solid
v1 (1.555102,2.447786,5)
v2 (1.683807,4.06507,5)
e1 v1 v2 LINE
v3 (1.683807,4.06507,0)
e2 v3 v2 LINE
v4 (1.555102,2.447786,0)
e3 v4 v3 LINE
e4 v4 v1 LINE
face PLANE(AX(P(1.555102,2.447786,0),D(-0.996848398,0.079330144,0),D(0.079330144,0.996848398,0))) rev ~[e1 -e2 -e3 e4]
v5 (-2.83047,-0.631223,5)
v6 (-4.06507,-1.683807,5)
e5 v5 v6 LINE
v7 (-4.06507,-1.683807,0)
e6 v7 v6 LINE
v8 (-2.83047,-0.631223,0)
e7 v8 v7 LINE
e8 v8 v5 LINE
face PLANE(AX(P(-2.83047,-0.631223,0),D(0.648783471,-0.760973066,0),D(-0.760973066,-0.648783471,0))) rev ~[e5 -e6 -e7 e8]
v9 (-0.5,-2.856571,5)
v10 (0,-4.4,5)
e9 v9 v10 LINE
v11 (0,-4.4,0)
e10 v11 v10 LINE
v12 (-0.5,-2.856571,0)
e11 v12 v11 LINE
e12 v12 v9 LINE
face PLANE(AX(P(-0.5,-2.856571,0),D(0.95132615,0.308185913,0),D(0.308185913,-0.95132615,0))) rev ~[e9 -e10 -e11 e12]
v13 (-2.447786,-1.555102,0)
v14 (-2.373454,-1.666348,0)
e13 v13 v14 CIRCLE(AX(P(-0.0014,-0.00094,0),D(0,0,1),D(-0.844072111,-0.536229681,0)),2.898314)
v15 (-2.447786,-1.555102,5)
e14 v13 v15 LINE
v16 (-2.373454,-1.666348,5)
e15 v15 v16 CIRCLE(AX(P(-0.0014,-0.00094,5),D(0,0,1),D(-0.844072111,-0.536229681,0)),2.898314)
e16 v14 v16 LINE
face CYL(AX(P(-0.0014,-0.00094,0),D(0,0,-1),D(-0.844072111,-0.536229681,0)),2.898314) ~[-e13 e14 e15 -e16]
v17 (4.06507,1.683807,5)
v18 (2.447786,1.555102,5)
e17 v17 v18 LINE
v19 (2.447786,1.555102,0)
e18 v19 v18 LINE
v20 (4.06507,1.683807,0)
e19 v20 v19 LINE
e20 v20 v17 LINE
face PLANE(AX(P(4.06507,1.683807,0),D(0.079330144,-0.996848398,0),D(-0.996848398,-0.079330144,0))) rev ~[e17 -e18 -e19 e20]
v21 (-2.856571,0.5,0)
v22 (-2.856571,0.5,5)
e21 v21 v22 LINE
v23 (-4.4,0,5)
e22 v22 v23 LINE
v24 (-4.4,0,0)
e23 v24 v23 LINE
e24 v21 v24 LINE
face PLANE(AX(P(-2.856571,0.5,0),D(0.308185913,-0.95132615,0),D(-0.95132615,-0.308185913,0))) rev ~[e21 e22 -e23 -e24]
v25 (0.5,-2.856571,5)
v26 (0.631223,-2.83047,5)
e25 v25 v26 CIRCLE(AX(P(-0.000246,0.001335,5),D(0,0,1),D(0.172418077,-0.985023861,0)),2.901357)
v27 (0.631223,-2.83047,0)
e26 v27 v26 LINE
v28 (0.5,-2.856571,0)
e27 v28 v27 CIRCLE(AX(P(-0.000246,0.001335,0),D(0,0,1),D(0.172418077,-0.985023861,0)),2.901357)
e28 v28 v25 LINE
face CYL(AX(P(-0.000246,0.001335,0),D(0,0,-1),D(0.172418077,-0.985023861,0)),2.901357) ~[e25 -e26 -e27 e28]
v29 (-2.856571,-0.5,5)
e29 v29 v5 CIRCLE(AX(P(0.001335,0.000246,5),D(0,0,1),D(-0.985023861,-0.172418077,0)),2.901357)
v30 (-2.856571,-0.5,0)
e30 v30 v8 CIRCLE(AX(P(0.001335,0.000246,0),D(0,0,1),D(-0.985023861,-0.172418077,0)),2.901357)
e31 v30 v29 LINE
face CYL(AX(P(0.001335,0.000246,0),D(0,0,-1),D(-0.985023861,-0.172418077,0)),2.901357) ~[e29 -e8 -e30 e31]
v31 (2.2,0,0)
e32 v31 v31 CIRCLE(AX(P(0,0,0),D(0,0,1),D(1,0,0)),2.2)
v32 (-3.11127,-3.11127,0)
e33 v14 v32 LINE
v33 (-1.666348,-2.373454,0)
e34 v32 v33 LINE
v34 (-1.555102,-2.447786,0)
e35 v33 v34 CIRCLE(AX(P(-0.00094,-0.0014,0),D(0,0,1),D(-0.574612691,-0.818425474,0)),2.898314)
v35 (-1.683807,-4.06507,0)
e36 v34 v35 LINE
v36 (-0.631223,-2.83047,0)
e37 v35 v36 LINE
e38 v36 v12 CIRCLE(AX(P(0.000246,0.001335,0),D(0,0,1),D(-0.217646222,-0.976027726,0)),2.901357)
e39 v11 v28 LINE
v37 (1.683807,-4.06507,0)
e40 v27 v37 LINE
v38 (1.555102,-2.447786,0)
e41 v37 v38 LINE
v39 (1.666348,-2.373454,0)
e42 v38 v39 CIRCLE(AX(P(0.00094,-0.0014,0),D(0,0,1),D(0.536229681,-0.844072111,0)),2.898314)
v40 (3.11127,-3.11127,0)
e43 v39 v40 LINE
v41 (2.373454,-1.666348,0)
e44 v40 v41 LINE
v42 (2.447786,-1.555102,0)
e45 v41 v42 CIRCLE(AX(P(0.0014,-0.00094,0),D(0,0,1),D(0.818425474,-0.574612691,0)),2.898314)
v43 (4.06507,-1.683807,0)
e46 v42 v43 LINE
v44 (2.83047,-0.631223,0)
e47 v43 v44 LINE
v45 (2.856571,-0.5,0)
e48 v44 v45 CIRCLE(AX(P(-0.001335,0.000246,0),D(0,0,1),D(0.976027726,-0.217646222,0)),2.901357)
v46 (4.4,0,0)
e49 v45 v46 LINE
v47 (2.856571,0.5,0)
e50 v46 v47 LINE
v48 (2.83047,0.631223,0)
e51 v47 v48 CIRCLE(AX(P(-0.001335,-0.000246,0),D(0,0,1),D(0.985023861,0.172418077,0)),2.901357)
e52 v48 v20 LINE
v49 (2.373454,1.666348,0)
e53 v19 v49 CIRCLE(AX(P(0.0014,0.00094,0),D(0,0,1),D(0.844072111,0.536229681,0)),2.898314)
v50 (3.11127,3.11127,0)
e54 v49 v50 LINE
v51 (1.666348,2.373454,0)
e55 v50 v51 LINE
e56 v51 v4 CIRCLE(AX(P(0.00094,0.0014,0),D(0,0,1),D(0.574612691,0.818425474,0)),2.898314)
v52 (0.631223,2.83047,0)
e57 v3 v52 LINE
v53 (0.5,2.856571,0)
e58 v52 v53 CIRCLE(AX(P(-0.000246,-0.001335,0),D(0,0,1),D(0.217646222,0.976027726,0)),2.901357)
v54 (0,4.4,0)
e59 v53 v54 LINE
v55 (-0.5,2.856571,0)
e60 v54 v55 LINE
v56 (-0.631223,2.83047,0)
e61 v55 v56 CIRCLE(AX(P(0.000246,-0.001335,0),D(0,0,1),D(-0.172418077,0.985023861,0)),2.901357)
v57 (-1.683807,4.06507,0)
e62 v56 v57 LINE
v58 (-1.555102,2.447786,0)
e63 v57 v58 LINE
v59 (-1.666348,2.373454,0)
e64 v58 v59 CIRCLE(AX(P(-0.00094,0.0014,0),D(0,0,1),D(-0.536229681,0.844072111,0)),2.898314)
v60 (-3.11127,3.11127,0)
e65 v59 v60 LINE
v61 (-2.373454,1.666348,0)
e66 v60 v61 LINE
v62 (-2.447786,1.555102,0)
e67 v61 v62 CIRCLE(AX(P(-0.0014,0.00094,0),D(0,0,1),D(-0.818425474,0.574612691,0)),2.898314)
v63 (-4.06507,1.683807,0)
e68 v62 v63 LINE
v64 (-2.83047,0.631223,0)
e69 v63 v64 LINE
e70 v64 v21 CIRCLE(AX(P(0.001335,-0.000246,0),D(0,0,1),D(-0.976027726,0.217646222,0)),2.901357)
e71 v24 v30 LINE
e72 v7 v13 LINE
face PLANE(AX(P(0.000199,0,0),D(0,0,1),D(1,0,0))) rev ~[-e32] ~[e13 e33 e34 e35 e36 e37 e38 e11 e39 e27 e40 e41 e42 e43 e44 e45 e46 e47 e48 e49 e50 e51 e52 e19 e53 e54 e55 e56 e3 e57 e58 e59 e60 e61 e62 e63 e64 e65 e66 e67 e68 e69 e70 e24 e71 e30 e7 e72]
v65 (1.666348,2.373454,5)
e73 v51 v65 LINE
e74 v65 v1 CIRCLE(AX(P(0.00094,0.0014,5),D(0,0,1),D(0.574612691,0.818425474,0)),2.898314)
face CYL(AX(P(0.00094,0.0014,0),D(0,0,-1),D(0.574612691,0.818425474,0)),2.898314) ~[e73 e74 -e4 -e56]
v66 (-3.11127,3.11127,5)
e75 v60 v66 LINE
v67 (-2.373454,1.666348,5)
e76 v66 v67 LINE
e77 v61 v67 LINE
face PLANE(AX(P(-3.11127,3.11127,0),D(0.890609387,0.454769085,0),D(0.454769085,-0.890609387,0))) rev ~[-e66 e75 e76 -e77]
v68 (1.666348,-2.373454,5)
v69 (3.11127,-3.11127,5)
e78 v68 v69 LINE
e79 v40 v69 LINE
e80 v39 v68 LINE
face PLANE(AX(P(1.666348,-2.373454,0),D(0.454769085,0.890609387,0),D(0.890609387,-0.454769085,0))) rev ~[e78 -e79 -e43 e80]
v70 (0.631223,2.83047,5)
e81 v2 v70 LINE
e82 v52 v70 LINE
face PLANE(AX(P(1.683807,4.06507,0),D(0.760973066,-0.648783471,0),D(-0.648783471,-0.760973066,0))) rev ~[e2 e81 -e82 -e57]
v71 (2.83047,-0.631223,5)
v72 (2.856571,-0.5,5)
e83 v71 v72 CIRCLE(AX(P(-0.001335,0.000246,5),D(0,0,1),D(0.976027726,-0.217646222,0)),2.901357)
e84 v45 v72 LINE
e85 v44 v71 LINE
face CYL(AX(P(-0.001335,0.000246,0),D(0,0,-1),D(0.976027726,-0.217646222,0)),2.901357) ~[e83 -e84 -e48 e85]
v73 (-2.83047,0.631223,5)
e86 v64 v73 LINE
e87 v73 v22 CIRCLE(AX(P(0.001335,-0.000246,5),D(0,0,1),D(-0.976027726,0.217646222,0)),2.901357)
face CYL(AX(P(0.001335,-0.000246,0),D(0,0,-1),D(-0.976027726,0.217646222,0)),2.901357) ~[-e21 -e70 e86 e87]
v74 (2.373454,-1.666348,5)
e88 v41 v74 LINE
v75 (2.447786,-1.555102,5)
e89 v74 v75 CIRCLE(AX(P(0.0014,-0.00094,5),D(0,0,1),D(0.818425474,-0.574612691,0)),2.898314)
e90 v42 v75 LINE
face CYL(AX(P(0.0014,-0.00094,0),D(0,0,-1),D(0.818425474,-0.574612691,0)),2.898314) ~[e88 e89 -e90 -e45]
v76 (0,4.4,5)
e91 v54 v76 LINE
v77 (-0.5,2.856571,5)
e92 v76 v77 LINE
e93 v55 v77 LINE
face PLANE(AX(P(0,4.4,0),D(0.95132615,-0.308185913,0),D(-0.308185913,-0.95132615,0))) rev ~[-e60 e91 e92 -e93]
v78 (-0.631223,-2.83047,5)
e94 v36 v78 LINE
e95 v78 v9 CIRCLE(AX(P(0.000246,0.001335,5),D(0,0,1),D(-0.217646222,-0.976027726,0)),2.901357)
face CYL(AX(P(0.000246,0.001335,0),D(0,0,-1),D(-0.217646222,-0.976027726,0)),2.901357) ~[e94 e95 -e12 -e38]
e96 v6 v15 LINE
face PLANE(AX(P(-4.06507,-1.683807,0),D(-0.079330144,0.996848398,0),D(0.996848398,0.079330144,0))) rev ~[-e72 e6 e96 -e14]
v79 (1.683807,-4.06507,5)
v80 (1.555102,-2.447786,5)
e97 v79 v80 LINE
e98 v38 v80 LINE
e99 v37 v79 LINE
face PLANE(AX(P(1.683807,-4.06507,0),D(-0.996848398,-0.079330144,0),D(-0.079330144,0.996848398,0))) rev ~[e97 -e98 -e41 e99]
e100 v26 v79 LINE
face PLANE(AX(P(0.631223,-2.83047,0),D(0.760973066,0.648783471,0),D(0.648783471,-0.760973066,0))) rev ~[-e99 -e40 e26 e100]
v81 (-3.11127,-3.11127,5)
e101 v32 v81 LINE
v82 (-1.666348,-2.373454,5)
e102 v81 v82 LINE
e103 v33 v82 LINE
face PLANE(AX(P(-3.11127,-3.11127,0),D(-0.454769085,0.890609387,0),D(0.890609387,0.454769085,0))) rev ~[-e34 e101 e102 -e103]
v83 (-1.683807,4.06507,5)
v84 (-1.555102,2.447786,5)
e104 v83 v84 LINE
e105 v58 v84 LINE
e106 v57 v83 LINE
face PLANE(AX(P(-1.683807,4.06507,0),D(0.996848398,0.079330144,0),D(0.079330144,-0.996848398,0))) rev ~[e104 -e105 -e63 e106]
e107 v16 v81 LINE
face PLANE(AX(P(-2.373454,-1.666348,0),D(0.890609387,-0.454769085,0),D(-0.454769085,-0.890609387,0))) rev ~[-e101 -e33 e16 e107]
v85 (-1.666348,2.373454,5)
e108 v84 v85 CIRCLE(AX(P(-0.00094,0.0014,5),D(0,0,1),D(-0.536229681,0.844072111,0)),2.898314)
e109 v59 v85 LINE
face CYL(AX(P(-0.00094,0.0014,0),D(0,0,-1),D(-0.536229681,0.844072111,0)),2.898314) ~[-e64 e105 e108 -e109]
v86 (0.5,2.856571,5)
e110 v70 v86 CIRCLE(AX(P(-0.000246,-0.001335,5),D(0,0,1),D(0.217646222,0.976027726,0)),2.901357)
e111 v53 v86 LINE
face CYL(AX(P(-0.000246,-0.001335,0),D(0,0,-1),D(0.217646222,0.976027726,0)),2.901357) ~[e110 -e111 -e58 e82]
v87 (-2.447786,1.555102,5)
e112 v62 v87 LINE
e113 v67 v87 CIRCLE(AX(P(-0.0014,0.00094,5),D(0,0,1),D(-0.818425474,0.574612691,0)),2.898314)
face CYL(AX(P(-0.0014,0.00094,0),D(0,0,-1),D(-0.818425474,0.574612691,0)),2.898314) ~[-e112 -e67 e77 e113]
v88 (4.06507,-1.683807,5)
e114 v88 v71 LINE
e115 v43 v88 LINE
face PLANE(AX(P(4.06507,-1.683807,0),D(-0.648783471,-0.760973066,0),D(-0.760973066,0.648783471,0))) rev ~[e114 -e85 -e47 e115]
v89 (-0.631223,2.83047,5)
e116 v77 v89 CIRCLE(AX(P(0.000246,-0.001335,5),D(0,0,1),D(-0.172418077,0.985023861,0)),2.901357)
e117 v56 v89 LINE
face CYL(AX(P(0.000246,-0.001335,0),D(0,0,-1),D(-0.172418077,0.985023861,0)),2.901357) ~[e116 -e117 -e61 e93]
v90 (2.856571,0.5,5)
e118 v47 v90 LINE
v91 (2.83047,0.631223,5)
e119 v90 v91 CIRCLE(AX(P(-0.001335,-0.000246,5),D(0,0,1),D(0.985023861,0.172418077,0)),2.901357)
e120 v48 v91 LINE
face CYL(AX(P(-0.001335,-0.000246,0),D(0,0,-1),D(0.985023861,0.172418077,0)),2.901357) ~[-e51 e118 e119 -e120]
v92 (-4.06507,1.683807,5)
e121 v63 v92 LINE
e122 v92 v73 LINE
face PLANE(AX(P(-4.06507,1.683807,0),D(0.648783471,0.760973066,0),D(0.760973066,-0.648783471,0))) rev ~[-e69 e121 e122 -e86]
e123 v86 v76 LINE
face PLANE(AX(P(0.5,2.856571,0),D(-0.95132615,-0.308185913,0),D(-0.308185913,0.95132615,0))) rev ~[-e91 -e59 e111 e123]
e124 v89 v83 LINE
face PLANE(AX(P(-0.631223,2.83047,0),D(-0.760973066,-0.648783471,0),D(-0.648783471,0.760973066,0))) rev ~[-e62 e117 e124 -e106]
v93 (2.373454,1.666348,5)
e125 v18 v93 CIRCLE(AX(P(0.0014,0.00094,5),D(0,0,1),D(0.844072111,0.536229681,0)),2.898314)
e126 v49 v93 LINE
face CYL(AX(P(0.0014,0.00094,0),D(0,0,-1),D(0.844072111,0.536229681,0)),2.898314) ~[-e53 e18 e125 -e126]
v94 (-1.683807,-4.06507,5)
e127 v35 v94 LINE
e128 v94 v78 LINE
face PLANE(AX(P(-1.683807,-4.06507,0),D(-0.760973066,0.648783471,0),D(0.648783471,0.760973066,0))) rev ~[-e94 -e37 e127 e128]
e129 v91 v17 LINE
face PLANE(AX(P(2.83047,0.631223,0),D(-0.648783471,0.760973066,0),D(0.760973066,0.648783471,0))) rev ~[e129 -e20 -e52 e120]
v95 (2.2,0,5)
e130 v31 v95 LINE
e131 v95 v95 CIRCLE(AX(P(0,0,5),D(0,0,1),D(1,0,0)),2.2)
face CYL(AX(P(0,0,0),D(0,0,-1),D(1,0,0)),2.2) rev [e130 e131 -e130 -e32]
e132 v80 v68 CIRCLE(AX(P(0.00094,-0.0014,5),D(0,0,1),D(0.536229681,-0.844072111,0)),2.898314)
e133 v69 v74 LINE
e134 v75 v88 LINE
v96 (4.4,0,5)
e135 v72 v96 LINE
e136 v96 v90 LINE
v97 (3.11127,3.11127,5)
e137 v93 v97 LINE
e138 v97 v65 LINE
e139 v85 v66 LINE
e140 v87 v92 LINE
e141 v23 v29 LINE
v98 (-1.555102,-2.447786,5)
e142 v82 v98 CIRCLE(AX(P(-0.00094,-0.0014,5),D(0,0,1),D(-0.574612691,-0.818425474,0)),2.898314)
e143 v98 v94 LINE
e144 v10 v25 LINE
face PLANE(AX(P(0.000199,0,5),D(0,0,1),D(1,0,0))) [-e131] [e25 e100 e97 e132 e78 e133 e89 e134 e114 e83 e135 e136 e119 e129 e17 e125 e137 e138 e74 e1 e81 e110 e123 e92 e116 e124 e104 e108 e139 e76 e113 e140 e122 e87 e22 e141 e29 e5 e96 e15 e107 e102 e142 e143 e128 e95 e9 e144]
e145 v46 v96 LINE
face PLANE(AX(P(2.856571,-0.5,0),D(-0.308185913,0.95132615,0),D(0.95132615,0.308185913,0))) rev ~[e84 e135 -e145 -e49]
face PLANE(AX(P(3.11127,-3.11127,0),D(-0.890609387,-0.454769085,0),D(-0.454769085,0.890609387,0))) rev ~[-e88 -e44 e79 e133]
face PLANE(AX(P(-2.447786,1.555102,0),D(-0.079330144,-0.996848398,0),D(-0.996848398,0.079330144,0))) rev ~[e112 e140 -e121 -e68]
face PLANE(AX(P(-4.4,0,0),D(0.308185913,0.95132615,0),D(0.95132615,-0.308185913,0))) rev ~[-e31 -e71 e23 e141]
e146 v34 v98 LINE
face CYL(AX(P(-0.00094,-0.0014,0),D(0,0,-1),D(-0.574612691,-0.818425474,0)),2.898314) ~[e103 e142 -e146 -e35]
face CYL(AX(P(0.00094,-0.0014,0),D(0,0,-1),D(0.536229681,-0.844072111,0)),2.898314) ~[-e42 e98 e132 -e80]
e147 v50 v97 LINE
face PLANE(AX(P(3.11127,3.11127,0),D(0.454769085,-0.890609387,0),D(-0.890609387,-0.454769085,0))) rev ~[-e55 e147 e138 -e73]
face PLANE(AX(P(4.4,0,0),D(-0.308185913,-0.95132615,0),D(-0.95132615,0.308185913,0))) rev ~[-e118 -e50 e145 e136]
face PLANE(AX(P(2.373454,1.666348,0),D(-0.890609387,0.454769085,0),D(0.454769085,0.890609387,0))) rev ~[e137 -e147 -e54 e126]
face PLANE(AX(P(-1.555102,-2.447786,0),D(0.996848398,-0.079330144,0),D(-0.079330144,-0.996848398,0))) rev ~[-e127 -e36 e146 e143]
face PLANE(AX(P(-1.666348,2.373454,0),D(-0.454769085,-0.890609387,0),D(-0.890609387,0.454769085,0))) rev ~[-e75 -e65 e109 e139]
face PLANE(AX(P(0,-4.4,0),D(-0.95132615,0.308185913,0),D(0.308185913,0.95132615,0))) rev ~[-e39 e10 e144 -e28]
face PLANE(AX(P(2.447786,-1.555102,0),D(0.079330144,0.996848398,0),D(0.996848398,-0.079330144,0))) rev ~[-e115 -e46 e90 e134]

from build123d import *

# Parameters (mm, degrees)
F0_R     = 2.2
F1_DEPTH = 5


with BuildPart() as f1:
    # F0 (on Top) → F1 (new body)
    with BuildSketch(Plane.XY):
        with BuildLine():
            ThreePointArc((2.856571, -0.5), (2.889122, -0.250941), (2.9, 0))
            ThreePointArc((2.9, 0), (2.889122, 0.250941), (2.856571, 0.5))
            ThreePointArc((2.856571, 0.5), (2.844277, 0.565762), (2.83047, 0.631223))
            ThreePointArc((2.83047, 0.631223), (2.679251, 1.109782), (2.447786, 1.555102))
            ThreePointArc((2.447786, 1.555102), (2.411262, 1.611154), (2.373454, 1.666348))
            ThreePointArc((2.373454, 1.666348), (2.05061, 2.05061), (1.666348, 2.373454))
            ThreePointArc((1.666348, 2.373454), (1.611154, 2.411262), (1.555102, 2.447786))
            ThreePointArc((1.555102, 2.447786), (1.109782, 2.679251), (0.631223, 2.83047))
            ThreePointArc((0.631223, 2.83047), (0.565762, 2.844277), (0.5, 2.856571))
            ThreePointArc((0.5, 2.856571), (0, 2.9), (-0.5, 2.856571))
            ThreePointArc((-0.5, 2.856571), (-0.565762, 2.844277), (-0.631223, 2.83047))
            ThreePointArc((-0.631223, 2.83047), (-1.109782, 2.679251), (-1.555102, 2.447786))
            ThreePointArc((-1.555102, 2.447786), (-1.611154, 2.411262), (-1.666348, 2.373454))
            ThreePointArc((-1.666348, 2.373454), (-2.05061, 2.05061), (-2.373454, 1.666348))
            ThreePointArc((-2.373454, 1.666348), (-2.411262, 1.611154), (-2.447786, 1.555102))
            ThreePointArc((-2.447786, 1.555102), (-2.679251, 1.109782), (-2.83047, 0.631223))
            ThreePointArc((-2.83047, 0.631223), (-2.844277, 0.565762), (-2.856571, 0.5))
            ThreePointArc((-2.856571, 0.5), (-2.9, 0), (-2.856571, -0.5))
            ThreePointArc((-2.856571, -0.5), (-2.844277, -0.565762), (-2.83047, -0.631223))
            ThreePointArc((-2.83047, -0.631223), (-2.679251, -1.109782), (-2.447786, -1.555102))
            ThreePointArc((-2.447786, -1.555102), (-2.411262, -1.611154), (-2.373454, -1.666348))
            ThreePointArc((-2.373454, -1.666348), (-2.05061, -2.05061), (-1.666348, -2.373454))
            ThreePointArc((-1.666348, -2.373454), (-1.611154, -2.411262), (-1.555102, -2.447786))
            ThreePointArc((-1.555102, -2.447786), (-1.109782, -2.679251), (-0.631223, -2.83047))
            ThreePointArc((-0.631223, -2.83047), (-0.565762, -2.844277), (-0.5, -2.856571))
            ThreePointArc((-0.5, -2.856571), (0, -2.9), (0.5, -2.856571))
            ThreePointArc((0.5, -2.856571), (0.565762, -2.844277), (0.631223, -2.83047))
            ThreePointArc((0.631223, -2.83047), (1.109782, -2.679251), (1.555102, -2.447786))
            ThreePointArc((1.555102, -2.447786), (1.611154, -2.411262), (1.666348, -2.373454))
            ThreePointArc((1.666348, -2.373454), (2.05061, -2.05061), (2.373454, -1.666348))
            ThreePointArc((2.373454, -1.666348), (2.411262, -1.611154), (2.447786, -1.555102))
            ThreePointArc((2.447786, -1.555102), (2.679251, -1.109782), (2.83047, -0.631223))
            ThreePointArc((2.83047, -0.631223), (2.844277, -0.565762), (2.856571, -0.5))
        make_face()
        Circle(F0_R, mode=Mode.SUBTRACT)
        with BuildLine():
            ThreePointArc((-0.5, 2.856571), (0, 2.9), (0.5, 2.856571))
            Line((0.5, 2.856571), (0, 4.4))
            Line((0, 4.4), (-0.5, 2.856571))
        make_face()
        with BuildLine():
            ThreePointArc((0.631223, 2.83047), (1.109782, 2.679251), (1.555102, 2.447786))
            Line((1.555102, 2.447786), (1.683807, 4.06507))
            Line((1.683807, 4.06507), (0.631223, 2.83047))
        make_face()
        with BuildLine():
            ThreePointArc((1.666348, 2.373454), (2.05061, 2.05061), (2.373454, 1.666348))
            Line((2.373454, 1.666348), (3.11127, 3.11127))
            Line((3.11127, 3.11127), (1.666348, 2.373454))
        make_face()
        with BuildLine():
            ThreePointArc((2.447786, 1.555102), (2.679251, 1.109782), (2.83047, 0.631223))
            Line((2.83047, 0.631223), (4.06507, 1.683807))
            Line((4.06507, 1.683807), (2.447786, 1.555102))
        make_face()
        with BuildLine():
            ThreePointArc((2.856571, 0.5), (2.889122, 0.250941), (2.9, 0))
            ThreePointArc((2.9, 0), (2.889122, -0.250941), (2.856571, -0.5))
            Line((2.856571, -0.5), (4.4, 0))
            Line((4.4, 0), (2.856571, 0.5))
        make_face()
        with BuildLine():
            Line((4.06507, -1.683807), (2.83047, -0.631223))
            ThreePointArc((2.83047, -0.631223), (2.679251, -1.109782), (2.447786, -1.555102))
            Line((2.447786, -1.555102), (4.06507, -1.683807))
        make_face()
        with BuildLine():
            Line((3.11127, -3.11127), (2.373454, -1.666348))
            ThreePointArc((2.373454, -1.666348), (2.05061, -2.05061), (1.666348, -2.373454))
            Line((1.666348, -2.373454), (3.11127, -3.11127))
        make_face()
        with BuildLine():
            Line((1.683807, -4.06507), (1.555102, -2.447786))
            ThreePointArc((1.555102, -2.447786), (1.109782, -2.679251), (0.631223, -2.83047))
            Line((0.631223, -2.83047), (1.683807, -4.06507))
        make_face()
        with BuildLine():
            Line((0, -4.4), (0.5, -2.856571))
            ThreePointArc((0.5, -2.856571), (0, -2.9), (-0.5, -2.856571))
            Line((-0.5, -2.856571), (0, -4.4))
        make_face()
        with BuildLine():
            Line((-1.683807, -4.06507), (-0.631223, -2.83047))
            ThreePointArc((-0.631223, -2.83047), (-1.109782, -2.679251), (-1.555102, -2.447786))
            Line((-1.555102, -2.447786), (-1.683807, -4.06507))
        make_face()
        with BuildLine():
            Line((-3.11127, -3.11127), (-1.666348, -2.373454))
            ThreePointArc((-1.666348, -2.373454), (-2.05061, -2.05061), (-2.373454, -1.666348))
            Line((-2.373454, -1.666348), (-3.11127, -3.11127))
        make_face()
        with BuildLine():
            Line((-4.06507, -1.683807), (-2.447786, -1.555102))
            ThreePointArc((-2.447786, -1.555102), (-2.679251, -1.109782), (-2.83047, -0.631223))
            Line((-2.83047, -0.631223), (-4.06507, -1.683807))
        make_face()
        with BuildLine():
            ThreePointArc((-2.83047, 0.631223), (-2.679251, 1.109782), (-2.447786, 1.555102))
            Line((-2.447786, 1.555102), (-4.06507, 1.683807))
            Line((-4.06507, 1.683807), (-2.83047, 0.631223))
        make_face()
        with BuildLine():
            ThreePointArc((-2.373454, 1.666348), (-2.05061, 2.05061), (-1.666348, 2.373454))
            Line((-1.666348, 2.373454), (-3.11127, 3.11127))
            Line((-3.11127, 3.11127), (-2.373454, 1.666348))
        make_face()
        with BuildLine():
            ThreePointArc((-2.856571, -0.5), (-2.9, 0), (-2.856571, 0.5))
            Line((-2.856571, 0.5), (-4.4, 0))
            Line((-4.4, 0), (-2.856571, -0.5))
        make_face()
        with BuildLine():
            ThreePointArc((-1.555102, 2.447786), (-1.109782, 2.679251), (-0.631223, 2.83047))
            Line((-0.631223, 2.83047), (-1.683807, 4.06507))
            Line((-1.683807, 4.06507), (-1.555102, 2.447786))
        make_face()
    extrude(amount=F1_DEPTH)


solid = f1.part
